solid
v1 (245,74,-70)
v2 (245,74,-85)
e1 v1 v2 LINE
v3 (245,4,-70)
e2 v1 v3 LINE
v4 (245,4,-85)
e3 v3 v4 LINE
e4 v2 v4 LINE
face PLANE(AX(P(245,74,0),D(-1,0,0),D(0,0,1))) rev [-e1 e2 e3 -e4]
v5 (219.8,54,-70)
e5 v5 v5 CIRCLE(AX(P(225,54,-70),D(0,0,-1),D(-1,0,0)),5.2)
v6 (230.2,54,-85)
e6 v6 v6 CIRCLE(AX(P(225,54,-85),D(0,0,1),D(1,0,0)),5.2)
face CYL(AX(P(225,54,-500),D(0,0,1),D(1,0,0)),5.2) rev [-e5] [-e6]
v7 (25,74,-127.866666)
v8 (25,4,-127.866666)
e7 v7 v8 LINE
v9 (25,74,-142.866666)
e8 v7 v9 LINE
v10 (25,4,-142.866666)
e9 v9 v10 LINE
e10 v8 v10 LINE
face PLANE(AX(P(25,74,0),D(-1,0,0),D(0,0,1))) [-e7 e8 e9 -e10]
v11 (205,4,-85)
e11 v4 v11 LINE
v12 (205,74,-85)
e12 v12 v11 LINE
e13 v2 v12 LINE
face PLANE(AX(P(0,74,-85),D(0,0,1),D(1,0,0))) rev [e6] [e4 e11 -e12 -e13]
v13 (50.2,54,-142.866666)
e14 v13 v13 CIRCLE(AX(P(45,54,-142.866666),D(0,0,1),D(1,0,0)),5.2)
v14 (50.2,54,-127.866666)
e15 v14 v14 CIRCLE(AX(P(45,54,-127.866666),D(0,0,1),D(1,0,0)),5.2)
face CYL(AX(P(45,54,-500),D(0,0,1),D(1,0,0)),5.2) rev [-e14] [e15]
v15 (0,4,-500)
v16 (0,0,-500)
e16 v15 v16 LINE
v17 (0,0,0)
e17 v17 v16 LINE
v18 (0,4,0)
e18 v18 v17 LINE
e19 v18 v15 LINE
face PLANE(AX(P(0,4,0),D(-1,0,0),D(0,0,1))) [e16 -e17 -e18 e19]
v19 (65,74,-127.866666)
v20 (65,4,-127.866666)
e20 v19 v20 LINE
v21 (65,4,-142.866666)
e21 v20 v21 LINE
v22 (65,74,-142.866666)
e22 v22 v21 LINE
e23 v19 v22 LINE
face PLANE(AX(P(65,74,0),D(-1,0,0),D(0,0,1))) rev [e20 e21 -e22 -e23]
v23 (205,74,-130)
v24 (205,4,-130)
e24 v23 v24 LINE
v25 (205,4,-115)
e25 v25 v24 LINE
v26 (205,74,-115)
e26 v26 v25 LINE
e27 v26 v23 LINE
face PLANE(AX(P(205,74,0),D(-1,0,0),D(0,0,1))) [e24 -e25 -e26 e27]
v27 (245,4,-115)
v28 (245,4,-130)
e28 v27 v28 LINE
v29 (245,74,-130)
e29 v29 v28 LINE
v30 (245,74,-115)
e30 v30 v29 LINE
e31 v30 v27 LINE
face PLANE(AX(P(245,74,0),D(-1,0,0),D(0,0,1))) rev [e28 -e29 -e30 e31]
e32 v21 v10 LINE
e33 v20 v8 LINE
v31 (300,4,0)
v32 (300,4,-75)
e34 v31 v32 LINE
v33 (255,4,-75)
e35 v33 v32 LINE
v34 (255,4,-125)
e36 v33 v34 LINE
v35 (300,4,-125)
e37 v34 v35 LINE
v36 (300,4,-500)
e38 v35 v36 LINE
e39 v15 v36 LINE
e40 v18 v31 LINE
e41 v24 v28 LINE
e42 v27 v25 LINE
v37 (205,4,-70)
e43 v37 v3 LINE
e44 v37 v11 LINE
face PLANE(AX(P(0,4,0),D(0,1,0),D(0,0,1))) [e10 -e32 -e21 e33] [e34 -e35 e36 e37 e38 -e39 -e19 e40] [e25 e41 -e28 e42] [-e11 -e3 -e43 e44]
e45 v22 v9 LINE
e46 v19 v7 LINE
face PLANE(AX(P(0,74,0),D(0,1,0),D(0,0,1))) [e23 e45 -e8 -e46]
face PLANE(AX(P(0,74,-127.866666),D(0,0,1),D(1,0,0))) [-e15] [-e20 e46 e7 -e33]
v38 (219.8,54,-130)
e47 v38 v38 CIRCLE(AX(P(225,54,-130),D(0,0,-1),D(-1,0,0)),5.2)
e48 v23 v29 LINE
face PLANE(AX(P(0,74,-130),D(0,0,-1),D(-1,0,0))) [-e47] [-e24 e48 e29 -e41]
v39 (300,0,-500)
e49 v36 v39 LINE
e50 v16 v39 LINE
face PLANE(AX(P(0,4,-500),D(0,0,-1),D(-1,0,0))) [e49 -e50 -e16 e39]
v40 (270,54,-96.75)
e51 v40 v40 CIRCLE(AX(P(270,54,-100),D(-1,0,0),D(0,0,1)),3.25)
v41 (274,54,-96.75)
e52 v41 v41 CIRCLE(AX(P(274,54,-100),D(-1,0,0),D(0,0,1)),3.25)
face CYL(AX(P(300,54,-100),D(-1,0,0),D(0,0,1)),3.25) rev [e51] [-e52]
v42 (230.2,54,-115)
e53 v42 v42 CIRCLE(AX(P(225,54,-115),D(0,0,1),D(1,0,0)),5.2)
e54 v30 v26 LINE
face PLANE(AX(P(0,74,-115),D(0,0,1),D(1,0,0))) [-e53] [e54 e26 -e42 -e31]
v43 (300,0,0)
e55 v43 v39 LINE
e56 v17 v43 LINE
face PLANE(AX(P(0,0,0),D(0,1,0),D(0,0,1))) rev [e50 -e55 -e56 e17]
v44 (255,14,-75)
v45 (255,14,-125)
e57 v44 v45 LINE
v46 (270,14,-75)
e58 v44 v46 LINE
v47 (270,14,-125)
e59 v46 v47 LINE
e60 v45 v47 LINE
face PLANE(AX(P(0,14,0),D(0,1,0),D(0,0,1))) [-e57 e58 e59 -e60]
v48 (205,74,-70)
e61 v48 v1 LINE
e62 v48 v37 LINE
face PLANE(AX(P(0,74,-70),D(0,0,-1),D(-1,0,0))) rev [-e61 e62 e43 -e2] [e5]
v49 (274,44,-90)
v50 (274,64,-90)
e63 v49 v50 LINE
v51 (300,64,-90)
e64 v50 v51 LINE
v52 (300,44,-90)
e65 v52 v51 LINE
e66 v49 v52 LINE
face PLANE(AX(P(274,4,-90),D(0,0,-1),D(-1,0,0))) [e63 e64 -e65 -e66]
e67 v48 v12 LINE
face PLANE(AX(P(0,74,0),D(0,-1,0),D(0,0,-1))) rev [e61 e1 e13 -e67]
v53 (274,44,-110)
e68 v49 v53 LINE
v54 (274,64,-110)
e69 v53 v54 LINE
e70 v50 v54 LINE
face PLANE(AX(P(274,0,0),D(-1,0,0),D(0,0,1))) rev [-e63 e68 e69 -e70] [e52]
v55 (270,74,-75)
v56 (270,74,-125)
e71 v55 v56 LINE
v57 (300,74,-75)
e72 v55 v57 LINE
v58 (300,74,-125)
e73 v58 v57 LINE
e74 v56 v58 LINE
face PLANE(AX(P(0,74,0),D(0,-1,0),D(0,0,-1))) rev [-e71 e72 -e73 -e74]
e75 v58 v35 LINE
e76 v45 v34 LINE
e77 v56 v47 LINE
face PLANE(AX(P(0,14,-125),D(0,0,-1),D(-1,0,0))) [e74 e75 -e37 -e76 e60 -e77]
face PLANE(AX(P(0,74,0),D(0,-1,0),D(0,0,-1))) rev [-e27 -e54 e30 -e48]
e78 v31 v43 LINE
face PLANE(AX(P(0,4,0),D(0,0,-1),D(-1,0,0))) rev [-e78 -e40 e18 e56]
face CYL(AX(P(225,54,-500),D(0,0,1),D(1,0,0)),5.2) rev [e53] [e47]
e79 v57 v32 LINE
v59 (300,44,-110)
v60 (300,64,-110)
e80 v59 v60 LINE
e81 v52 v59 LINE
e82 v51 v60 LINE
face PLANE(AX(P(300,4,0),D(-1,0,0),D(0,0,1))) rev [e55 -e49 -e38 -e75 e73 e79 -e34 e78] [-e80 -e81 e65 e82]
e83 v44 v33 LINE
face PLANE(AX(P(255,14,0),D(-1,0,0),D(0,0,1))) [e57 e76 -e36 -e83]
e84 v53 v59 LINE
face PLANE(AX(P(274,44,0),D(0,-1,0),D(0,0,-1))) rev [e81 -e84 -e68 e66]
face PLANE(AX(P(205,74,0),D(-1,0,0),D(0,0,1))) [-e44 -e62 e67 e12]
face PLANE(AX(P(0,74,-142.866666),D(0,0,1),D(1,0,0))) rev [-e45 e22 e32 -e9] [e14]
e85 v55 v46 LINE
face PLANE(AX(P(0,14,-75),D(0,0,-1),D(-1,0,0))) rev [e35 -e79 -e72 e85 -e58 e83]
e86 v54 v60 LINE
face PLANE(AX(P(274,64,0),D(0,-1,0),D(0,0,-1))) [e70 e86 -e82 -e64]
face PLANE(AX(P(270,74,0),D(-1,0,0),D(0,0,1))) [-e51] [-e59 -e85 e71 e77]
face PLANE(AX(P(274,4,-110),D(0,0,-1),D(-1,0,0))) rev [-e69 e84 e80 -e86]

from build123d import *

# Parameters (mm, degrees)
SKETCH1_W           = 150
SKETCH1_H           = 100
SKETCH1_H_2         = 400
SKETCH1_W_2         = 15
SKETCH1_H_3         = 25
SKETCH1_W_3         = 30
BOSS_EXTRUDE1_DEPTH = 4
BOSS_EXTRUDE2_START = 4
SKETCH1_4_W         = 15
SKETCH1_4_H         = 25
SKETCH1_4_W_2       = 30
BOSS_EXTRUDE2_DEPTH = 10
BOSS_EXTRUDE3_START = 14
SKETCH1_5_W         = 30
SKETCH1_5_H         = 50
BOSS_EXTRUDE3_DEPTH = 60
BOSS_EXTRUDE4_START = 4
SKETCH15_W          = 40
SKETCH15_H          = 15
BOSS_EXTRUDE4_DEPTH = 70
SKETCH16_R          = 5.2
CUT_EXTRUDE1_DEPTH  = 588.772064665
CUT_EXTRUDE2_START  = 300
SKETCH17_W          = 20
SKETCH17_H          = 20
CUT_EXTRUDE2_DEPTH  = 26
CUT_EXTRUDE3_START  = 270
CUT_EXTRUDE3_DEPTH  = 318.772064665


with BuildPart() as part:
    # Sketch1 → Boss-Extrude1 (new body)
    with BuildSketch(Plane(origin=(0, 0, 0), x_dir=(1, 0, 0), z_dir=(0, 1, 0))):
        with Locations((75, 50)):
            Rectangle(SKETCH1_W, SKETCH1_H)
        with Locations((75, 300)):
            Rectangle(SKETCH1_W, SKETCH1_H_2)
        Polygon((300, 500), (150, 500), (150, 100), (255, 100), (255, 125), (270, 125), (300, 125), align=None)
        with Locations((262.5, 112.5)):
            Rectangle(SKETCH1_W_2, SKETCH1_H_3)
        with Locations((285, 112.5)):
            Rectangle(SKETCH1_W_3, SKETCH1_H_3)
        Polygon((255, 100), (150, 100), (150, 0), (300, 0), (300, 75), (270, 75), (255, 75), align=None)
        with Locations((262.5, 87.5)):
            Rectangle(SKETCH1_W_2, SKETCH1_H_3)
        with Locations((285, 87.5)):
            Rectangle(SKETCH1_W_3, SKETCH1_H_3)
    extrude(amount=BOSS_EXTRUDE1_DEPTH)

    # Sketch1<4> → Boss-Extrude2 (add)
    with BuildSketch(Plane(origin=(0, 0, 0), x_dir=(1, 0, 0), z_dir=(0, 1, 0)).offset(BOSS_EXTRUDE2_START)):
        with Locations((262.5, 112.5)):
            Rectangle(SKETCH1_4_W, SKETCH1_4_H)
        with Locations((262.5, 87.5)):
            Rectangle(SKETCH1_4_W, SKETCH1_4_H)
        with Locations((285, 87.5)):
            Rectangle(SKETCH1_4_W_2, SKETCH1_4_H)
        with Locations((285, 112.5)):
            Rectangle(SKETCH1_4_W_2, SKETCH1_4_H)
    extrude(amount=BOSS_EXTRUDE2_DEPTH)

    # Sketch1<5> → Boss-Extrude3 (add)
    with BuildSketch(Plane(origin=(0, 0, 0), x_dir=(1, 0, 0), z_dir=(0, 1, 0)).offset(BOSS_EXTRUDE3_START)):
        with Locations((285, 100)):
            Rectangle(SKETCH1_5_W, SKETCH1_5_H)
    extrude(amount=BOSS_EXTRUDE3_DEPTH)

    # Sketch15 → Boss-Extrude4 (add)
    with BuildSketch(Plane(origin=(0, 0, 0), x_dir=(1, 0, 0), z_dir=(0, 1, 0)).offset(BOSS_EXTRUDE4_START)):
        with Locations((225, 122.5)):
            Rectangle(SKETCH15_W, SKETCH15_H)
        with Locations((225, 77.5)):
            Rectangle(SKETCH15_W, SKETCH15_H)
        with Locations((45, 135.366666062)):
            Rectangle(SKETCH15_W, SKETCH15_H)
    extrude(amount=BOSS_EXTRUDE4_DEPTH)

    # Sketch16 → Cut-Extrude1 (cut, through all)
    with BuildSketch(Plane.XY):
        with Locations((225, 54)):
            Circle(SKETCH16_R)
        with Locations((45, 54)):
            Circle(SKETCH16_R)
    extrude(amount=-CUT_EXTRUDE1_DEPTH, mode=Mode.SUBTRACT)

    # Sketch17 → Cut-Extrude2 (cut)
    with BuildSketch(Plane(origin=(0, 0, 0), x_dir=(0, 0, -1), z_dir=(1, 0, 0)).offset(CUT_EXTRUDE2_START)):
        with Locations((100, 54)):
            Rectangle(SKETCH17_W, SKETCH17_H)
    extrude(amount=-CUT_EXTRUDE2_DEPTH, mode=Mode.SUBTRACT)

    # Sketch17<3> → Cut-Extrude3 (cut, through all)
    with BuildSketch(Plane(origin=(0, 0, 0), x_dir=(0, 0, -1), z_dir=(1, 0, 0)).offset(CUT_EXTRUDE3_START)):
        with BuildLine():
            ThreePointArc((103.25, 54), (102.298097039, 56.298097039), (100, 57.25))
            Line((100, 57.25), (100, 50.75))
            ThreePointArc((100, 50.75), (102.298097039, 51.701902961), (103.25, 54))
        make_face()
        with BuildLine():
            Line((100, 50.75), (100, 57.25))
            ThreePointArc((100, 57.25), (96.75, 54), (100, 50.75))
        make_face()
    extrude(amount=CUT_EXTRUDE3_DEPTH, mode=Mode.SUBTRACT)


solid = part.part
